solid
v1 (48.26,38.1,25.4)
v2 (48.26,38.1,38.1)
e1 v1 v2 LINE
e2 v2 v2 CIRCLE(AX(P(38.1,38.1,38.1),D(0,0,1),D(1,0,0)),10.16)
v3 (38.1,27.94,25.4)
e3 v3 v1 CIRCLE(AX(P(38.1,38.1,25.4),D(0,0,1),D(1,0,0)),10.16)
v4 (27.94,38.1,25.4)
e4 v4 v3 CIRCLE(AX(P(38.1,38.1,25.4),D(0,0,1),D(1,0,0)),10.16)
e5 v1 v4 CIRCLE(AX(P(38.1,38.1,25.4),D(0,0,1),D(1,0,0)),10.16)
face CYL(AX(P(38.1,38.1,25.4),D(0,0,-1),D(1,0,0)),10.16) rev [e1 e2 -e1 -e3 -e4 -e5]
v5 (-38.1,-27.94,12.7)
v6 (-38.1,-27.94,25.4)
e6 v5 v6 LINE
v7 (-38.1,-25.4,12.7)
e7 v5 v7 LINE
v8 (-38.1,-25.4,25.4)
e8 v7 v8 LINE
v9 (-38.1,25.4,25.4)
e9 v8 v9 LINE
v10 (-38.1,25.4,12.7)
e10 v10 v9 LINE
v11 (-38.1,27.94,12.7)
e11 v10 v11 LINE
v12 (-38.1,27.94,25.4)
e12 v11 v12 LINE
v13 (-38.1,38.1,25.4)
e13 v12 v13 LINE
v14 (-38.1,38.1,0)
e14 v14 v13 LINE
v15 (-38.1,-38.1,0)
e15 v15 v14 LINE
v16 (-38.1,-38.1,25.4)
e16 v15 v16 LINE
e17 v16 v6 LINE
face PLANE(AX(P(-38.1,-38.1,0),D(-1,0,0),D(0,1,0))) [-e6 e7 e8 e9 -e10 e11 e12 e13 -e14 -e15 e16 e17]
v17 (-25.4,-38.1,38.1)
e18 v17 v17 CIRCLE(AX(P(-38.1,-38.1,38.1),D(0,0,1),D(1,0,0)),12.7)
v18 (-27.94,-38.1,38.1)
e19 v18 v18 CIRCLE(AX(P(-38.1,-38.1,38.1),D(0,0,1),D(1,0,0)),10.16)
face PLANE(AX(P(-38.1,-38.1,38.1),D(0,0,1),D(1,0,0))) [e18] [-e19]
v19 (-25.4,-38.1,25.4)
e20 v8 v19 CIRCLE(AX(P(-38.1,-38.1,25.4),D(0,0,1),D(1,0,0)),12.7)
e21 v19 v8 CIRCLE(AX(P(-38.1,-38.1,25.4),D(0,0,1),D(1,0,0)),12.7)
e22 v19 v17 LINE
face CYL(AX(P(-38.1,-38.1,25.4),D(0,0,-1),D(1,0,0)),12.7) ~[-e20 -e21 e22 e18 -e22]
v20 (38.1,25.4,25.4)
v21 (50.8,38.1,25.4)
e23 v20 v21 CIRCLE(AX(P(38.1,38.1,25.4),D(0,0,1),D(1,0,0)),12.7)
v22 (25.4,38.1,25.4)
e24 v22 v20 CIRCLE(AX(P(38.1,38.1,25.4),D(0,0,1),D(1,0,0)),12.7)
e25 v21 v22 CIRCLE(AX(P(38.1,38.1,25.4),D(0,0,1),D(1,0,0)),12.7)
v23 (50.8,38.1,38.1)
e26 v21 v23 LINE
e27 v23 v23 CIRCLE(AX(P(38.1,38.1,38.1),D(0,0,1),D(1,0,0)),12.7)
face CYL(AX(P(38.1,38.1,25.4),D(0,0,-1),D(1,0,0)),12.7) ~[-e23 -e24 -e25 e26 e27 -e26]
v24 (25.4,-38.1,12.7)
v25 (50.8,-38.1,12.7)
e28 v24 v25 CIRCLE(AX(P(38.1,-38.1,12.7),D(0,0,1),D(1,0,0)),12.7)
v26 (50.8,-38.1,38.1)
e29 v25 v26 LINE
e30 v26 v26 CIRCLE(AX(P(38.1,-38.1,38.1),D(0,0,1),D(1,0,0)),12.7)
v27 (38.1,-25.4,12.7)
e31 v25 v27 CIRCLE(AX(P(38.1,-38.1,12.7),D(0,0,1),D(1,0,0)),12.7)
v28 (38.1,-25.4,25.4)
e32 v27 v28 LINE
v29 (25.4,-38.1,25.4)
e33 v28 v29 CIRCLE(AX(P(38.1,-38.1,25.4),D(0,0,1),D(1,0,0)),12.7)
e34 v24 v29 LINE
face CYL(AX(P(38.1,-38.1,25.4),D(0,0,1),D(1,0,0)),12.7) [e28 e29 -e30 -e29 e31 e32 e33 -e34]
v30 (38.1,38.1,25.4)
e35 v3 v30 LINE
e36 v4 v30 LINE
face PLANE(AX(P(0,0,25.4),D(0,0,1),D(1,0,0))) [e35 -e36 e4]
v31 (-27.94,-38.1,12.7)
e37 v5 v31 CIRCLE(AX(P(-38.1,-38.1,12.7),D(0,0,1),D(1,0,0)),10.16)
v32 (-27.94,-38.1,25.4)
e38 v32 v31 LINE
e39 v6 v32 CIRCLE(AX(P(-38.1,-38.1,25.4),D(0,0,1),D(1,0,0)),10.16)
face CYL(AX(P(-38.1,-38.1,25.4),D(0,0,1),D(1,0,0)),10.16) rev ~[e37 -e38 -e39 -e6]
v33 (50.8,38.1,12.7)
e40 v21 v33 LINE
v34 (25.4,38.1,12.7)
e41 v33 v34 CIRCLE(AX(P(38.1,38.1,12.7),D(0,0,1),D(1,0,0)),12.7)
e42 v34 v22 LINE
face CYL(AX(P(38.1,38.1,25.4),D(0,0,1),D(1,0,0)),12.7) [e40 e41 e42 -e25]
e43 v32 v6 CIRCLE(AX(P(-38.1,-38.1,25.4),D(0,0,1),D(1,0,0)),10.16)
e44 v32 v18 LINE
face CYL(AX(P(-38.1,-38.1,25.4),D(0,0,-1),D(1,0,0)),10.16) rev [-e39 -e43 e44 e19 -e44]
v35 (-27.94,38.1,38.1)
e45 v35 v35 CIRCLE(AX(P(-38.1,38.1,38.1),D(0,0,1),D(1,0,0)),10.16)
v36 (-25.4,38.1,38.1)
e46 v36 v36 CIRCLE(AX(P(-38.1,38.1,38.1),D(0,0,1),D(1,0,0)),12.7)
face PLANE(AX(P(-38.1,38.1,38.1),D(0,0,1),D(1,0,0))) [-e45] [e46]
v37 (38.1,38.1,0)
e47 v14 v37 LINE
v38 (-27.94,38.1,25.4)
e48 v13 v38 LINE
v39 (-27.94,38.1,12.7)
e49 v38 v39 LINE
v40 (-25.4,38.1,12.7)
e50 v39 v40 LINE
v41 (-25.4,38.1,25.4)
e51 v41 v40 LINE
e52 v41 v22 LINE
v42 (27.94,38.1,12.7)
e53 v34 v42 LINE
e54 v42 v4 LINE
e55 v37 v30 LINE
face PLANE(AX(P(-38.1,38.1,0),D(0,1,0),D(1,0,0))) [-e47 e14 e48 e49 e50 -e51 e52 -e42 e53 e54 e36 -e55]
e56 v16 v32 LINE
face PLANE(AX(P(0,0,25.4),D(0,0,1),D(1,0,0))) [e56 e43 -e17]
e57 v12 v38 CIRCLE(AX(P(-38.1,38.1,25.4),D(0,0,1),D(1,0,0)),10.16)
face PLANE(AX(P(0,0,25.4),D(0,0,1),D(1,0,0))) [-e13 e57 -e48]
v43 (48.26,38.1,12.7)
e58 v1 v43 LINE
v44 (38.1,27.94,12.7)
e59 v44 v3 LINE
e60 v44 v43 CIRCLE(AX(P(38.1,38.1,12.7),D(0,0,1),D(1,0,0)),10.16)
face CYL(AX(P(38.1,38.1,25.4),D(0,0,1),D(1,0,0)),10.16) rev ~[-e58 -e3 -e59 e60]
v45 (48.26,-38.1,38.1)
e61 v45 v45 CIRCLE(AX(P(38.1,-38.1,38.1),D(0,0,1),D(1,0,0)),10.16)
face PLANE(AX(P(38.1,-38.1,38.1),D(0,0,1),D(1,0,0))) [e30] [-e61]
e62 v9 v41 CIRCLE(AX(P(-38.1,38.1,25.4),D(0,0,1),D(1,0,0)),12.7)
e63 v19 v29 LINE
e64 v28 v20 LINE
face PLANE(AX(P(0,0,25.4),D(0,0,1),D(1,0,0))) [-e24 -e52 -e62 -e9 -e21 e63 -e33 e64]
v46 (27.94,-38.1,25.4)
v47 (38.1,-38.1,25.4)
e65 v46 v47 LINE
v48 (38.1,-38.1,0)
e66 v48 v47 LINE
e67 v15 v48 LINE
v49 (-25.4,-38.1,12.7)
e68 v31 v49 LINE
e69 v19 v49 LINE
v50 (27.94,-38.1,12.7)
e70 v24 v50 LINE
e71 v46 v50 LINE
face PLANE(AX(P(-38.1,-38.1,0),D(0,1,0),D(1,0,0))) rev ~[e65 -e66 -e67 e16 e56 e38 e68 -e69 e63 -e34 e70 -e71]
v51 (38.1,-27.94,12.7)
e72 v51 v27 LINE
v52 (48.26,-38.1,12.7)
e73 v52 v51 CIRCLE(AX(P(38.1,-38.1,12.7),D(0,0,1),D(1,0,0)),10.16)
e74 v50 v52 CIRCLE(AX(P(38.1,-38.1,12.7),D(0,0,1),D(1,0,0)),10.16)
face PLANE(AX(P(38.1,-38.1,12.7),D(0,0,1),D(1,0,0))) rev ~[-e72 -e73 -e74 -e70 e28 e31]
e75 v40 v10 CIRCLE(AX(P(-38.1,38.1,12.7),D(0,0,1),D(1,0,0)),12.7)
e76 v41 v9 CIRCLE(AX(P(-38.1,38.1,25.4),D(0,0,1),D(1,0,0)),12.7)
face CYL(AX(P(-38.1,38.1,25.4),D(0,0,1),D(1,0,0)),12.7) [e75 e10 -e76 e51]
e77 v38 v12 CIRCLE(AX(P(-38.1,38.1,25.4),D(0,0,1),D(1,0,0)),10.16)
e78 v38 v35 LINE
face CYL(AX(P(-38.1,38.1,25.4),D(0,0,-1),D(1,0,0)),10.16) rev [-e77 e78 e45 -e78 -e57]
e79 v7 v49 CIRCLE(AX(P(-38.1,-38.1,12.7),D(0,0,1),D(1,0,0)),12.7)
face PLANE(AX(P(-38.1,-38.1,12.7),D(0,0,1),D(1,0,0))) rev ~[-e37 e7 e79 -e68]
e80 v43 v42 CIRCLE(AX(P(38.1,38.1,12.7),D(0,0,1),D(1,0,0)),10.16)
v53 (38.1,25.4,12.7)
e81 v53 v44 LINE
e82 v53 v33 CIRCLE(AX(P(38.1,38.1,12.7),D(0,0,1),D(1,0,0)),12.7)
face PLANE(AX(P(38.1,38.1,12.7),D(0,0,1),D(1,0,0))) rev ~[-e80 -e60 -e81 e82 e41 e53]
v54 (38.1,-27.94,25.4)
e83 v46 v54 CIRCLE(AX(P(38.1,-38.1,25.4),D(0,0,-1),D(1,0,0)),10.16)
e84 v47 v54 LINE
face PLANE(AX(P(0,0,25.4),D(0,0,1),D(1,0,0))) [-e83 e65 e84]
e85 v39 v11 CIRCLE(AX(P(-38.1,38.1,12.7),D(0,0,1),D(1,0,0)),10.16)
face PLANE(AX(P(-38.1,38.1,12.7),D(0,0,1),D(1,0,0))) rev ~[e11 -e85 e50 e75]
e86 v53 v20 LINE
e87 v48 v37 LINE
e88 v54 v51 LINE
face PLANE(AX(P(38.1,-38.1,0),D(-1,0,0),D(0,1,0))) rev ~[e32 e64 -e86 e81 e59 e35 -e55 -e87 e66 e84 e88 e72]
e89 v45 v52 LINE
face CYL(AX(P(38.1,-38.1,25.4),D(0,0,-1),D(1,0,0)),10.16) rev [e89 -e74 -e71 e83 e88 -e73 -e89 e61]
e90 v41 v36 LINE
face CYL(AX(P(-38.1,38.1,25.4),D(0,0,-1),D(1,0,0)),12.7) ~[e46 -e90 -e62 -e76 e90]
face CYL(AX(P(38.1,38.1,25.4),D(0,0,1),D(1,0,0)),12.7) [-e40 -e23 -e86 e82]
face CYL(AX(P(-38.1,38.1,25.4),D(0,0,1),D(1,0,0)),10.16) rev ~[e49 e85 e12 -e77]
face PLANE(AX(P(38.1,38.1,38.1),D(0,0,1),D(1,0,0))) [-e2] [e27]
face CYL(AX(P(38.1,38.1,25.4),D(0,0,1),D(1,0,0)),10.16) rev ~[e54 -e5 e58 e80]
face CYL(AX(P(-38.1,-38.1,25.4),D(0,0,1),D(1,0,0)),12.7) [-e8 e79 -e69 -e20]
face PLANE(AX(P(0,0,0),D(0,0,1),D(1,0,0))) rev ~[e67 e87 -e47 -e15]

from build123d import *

# Parameters (mm, degrees)
F0_W     = 76.2
F0_H     = 76.2
F1_DEPTH = 25.4
F2_R     = 12.7
F2_R_2   = 10.16
F3_DEPTH = 12.7


with BuildPart() as f1:
    # F0 (on Top) → F1 (new body)
    with BuildSketch(Plane.XY):
        Rectangle(F0_W, F0_H)
    extrude(amount=F1_DEPTH)

    # F2 (on face) → F3 (join, symmetric)
    with BuildSketch(Plane.XY.offset(25.4)):
        with Locations((-38.1, 38.1)):
            Circle(F2_R)
        with Locations((-38.1, 38.1)):
            Circle(F2_R_2, mode=Mode.SUBTRACT)
        with Locations((38.1, 38.1)):
            Circle(F2_R)
        with Locations((38.1, 38.1)):
            Circle(F2_R_2, mode=Mode.SUBTRACT)
        with Locations((-38.1, -38.1)):
            Circle(F2_R)
        with Locations((-38.1, -38.1)):
            Circle(F2_R_2, mode=Mode.SUBTRACT)
        with Locations((38.1, -38.1)):
            Circle(F2_R)
        with Locations((38.1, -38.1)):
            Circle(F2_R_2, mode=Mode.SUBTRACT)
    extrude(amount=F3_DEPTH, both=True)


solid = f1.part
